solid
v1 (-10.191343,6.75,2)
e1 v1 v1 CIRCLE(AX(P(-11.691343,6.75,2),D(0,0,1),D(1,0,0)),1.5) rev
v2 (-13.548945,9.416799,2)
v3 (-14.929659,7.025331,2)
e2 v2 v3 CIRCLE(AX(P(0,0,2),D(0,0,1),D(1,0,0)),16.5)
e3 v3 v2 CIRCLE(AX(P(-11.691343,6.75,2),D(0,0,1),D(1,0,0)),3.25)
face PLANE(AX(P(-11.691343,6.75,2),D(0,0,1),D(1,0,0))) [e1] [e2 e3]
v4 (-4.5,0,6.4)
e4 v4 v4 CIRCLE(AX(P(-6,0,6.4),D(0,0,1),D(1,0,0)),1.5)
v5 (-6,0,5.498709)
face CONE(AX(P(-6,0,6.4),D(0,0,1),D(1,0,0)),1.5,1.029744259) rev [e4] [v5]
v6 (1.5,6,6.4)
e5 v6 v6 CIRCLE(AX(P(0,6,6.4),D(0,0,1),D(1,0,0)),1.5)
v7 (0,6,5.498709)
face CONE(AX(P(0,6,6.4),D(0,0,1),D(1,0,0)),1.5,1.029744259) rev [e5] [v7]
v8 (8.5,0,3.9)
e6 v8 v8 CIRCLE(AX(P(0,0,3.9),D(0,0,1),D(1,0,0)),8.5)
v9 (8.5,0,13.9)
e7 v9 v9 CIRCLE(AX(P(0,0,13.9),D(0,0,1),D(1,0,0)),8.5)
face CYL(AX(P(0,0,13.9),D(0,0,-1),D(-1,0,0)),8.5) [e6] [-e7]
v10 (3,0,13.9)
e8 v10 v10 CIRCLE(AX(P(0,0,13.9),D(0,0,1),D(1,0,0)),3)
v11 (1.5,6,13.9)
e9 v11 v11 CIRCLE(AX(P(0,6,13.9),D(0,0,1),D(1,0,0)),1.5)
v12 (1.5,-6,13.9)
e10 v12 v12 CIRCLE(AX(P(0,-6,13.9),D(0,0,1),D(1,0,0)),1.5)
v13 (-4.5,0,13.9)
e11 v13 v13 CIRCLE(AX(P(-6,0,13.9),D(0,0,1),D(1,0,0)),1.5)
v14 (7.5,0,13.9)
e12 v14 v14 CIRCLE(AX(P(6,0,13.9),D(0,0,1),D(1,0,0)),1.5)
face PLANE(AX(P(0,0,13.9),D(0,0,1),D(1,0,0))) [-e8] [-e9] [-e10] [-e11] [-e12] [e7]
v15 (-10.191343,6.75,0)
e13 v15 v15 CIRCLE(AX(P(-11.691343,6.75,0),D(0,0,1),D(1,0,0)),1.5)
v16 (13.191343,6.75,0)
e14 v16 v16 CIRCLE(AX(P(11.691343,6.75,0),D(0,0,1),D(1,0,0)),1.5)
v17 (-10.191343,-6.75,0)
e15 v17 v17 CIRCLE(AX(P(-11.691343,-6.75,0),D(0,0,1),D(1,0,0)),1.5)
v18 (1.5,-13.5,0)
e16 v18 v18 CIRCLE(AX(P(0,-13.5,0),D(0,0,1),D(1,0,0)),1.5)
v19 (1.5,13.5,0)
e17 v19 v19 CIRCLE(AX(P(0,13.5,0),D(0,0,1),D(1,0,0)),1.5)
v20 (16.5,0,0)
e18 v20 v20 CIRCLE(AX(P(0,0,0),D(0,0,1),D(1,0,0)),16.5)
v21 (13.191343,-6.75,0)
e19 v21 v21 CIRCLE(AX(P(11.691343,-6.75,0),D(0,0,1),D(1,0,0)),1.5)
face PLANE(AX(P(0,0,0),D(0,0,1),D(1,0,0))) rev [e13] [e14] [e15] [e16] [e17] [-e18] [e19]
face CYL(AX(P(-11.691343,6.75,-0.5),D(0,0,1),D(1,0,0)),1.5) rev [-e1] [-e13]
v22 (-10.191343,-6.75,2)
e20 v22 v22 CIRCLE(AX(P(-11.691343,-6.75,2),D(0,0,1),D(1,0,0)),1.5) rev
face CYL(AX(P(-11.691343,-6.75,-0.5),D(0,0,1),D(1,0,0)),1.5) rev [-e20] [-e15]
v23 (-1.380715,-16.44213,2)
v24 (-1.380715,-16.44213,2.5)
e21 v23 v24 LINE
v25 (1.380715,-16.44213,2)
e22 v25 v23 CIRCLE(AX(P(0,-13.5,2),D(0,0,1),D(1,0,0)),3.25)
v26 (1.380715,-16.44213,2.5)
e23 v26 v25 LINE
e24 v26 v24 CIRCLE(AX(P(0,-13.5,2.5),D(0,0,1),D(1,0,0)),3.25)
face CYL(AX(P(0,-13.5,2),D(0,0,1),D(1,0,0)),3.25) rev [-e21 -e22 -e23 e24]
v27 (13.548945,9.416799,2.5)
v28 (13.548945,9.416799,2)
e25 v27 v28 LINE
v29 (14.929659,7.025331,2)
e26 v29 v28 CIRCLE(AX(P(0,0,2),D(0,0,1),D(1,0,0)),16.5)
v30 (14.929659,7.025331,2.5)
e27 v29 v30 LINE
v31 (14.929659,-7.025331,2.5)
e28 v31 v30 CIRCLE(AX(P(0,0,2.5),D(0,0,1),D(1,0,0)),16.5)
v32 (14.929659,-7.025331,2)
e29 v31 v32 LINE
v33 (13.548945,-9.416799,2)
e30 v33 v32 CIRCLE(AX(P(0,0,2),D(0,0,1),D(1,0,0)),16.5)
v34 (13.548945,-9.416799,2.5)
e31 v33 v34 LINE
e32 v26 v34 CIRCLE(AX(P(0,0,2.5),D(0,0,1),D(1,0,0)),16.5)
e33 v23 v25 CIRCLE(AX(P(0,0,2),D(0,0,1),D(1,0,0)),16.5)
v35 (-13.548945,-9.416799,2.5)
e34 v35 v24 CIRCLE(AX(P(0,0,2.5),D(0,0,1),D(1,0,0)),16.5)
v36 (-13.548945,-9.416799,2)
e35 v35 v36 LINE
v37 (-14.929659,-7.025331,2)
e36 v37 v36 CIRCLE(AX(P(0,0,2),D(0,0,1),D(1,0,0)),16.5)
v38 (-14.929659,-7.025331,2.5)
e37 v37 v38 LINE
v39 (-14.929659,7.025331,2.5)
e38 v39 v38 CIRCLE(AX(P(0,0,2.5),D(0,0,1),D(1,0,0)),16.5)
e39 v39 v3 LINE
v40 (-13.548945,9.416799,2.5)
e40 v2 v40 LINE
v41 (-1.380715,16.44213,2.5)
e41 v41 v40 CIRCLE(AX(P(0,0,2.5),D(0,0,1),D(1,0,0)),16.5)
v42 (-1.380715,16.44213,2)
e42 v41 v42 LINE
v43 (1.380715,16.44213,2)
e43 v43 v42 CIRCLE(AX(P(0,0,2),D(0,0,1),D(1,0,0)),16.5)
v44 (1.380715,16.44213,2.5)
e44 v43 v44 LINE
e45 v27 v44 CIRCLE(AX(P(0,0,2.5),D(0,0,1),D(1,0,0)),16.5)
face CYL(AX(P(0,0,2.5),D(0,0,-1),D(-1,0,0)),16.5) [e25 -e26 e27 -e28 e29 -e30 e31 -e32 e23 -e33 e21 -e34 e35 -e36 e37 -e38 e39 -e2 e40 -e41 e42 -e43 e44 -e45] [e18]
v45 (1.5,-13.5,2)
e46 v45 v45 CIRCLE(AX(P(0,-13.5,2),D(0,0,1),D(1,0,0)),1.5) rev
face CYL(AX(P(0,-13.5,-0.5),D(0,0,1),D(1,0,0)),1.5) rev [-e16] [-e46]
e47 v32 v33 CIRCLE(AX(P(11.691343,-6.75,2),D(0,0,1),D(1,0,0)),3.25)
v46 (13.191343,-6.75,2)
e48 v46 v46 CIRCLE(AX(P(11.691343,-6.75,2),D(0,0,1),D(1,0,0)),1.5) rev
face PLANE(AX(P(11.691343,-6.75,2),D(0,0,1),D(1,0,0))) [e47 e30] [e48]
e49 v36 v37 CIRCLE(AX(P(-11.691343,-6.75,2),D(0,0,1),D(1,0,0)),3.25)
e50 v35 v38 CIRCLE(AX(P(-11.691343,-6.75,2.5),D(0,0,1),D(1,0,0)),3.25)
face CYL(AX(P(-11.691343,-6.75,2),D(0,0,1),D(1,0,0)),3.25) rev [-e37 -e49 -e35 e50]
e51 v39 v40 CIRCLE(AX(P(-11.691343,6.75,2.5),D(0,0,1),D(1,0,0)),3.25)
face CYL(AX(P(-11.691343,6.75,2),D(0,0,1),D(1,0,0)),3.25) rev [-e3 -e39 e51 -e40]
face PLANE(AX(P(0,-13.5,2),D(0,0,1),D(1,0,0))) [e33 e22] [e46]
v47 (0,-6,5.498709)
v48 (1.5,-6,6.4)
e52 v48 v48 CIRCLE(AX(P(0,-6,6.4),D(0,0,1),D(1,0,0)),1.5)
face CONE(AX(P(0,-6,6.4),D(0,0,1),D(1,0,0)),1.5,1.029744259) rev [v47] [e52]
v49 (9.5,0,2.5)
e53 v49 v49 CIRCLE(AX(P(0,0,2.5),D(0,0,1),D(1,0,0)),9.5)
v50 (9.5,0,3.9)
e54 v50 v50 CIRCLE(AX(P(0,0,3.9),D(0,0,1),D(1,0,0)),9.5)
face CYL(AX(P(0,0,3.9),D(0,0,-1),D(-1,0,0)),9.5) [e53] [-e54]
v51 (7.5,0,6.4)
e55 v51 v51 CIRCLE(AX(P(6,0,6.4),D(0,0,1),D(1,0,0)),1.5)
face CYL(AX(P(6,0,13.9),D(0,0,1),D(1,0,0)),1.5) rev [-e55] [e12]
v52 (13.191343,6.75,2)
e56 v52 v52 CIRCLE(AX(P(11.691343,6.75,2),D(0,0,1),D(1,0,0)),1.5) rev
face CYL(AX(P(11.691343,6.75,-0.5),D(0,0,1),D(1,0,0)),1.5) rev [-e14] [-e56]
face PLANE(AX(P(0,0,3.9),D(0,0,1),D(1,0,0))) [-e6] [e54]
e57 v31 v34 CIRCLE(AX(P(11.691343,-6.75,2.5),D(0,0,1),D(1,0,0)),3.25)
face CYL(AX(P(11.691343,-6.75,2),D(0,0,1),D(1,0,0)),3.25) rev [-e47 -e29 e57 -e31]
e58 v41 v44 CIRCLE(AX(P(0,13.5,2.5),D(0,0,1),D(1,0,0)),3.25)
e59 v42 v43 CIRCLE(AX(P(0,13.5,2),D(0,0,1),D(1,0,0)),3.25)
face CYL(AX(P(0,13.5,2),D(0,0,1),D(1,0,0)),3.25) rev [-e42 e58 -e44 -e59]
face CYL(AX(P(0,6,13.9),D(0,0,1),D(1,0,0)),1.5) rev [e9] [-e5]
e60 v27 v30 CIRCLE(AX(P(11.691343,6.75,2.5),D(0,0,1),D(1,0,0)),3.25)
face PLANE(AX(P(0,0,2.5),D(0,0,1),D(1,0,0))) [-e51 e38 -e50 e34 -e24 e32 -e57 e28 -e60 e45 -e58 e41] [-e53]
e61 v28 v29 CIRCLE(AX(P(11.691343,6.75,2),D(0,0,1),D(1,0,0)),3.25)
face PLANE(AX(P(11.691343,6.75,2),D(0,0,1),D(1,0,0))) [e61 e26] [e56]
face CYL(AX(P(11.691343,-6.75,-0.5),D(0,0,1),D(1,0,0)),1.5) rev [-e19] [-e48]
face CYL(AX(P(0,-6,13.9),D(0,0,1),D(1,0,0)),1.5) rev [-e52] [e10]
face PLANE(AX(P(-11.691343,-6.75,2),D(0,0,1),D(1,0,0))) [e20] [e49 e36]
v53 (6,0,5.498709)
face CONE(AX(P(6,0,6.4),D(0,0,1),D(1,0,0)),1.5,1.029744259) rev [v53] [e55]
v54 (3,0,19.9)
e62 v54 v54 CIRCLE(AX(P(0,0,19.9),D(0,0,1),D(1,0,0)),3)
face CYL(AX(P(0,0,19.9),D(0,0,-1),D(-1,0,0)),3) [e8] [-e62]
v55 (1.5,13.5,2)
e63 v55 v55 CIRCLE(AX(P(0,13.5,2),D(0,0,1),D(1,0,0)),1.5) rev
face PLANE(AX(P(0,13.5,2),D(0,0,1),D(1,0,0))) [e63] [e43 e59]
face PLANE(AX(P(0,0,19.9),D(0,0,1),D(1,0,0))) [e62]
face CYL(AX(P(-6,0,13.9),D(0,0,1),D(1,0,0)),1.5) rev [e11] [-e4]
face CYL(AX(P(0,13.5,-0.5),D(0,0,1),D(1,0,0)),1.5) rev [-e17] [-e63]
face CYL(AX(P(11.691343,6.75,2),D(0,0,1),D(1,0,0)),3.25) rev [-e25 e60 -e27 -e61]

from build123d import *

# Parameters (mm, degrees)
SKETCH_1_R               = 16.5
EXTRUDE_1_DEPTH          = 2.5
SKETCH_2_R               = 9.5
EXTRUDE_2_DEPTH          = 1.4
SKETCH_3_R               = 1.5
CUT_EXTRUDE_1_DEPTH      = 3
SKETCH_4_R               = 8.5
EXTRUDE_3_DEPTH          = 10
PATTERN_CIRCULAR_1_COUNT = 4
SKETCH_8_R               = 3
EXTRUDE_4_DEPTH          = 6
SKETCH_9_R               = 3.25
CUT_EXTRUDE_2_DEPTH      = 0.5


with BuildPart() as part:
    # 草图1 → 凸台-拉伸1 (new body)
    with BuildSketch(Plane.XY):
        Circle(SKETCH_1_R)
    extrude(amount=EXTRUDE_1_DEPTH)

    # 草图2 → 凸台-拉伸2 (add)
    with BuildSketch(Plane.XY.offset(2.5)):
        Circle(SKETCH_2_R)
    extrude(amount=EXTRUDE_2_DEPTH)

    # 草图3 → 切除-拉伸1 (cut)
    with BuildSketch(Plane.XY.offset(2.5)):
        with Locations((0, 13.5)):
            Circle(SKETCH_3_R)
        with Locations((11.691342951, 6.75)):
            Circle(SKETCH_3_R)
        with Locations((11.691342951, -6.75)):
            Circle(SKETCH_3_R)
        with Locations((0, -13.5)):
            Circle(SKETCH_3_R)
        with Locations((-11.691342951, -6.75)):
            Circle(SKETCH_3_R)
        with Locations((-11.691342951, 6.75)):
            Circle(SKETCH_3_R)
    extrude(amount=-CUT_EXTRUDE_1_DEPTH, mode=Mode.SUBTRACT)

    # 草图4 → 凸台-拉伸3 (add)
    with BuildSketch(Plane.XY.offset(3.9)):
        Circle(SKETCH_4_R)
    extrude(amount=EXTRUDE_3_DEPTH)

    # 草图7 → M3 螺纹孔1 (revolve, cut)
    with BuildSketch(Plane(origin=(0, 6, 13.9), x_dir=(0, -1, 0), z_dir=(1, 0, 0))):
        Polygon((0, 0), (0, 8.401290929), (1.5, 7.5), (1.5, 0), align=None)
    hole_wizard_m3_1 = revolve(axis=Axis((0, 6, 20.25), (0, 0, -1)), mode=Mode.SUBTRACT)

    # 阵列(圆周)1: M3 螺纹孔1 ×4 about axis
    pattern_circular_1_axis = Axis((0, 0, 0), (0, 0, 1))
    for i in range(1, PATTERN_CIRCULAR_1_COUNT):
        add(hole_wizard_m3_1.rotate(pattern_circular_1_axis, i * 360 / PATTERN_CIRCULAR_1_COUNT), mode=Mode.SUBTRACT)

    # 草图8 → 凸台-拉伸4 (add)
    with BuildSketch(Plane.XY.offset(13.9)):
        Circle(SKETCH_8_R)
    extrude(amount=EXTRUDE_4_DEPTH)

    # 草图9 → 切除-拉伸2 (cut)
    with BuildSketch(Plane.XY.offset(2.5)):
        with Locations((0, 13.5)):
            Circle(SKETCH_9_R)
        with Locations((11.691342951, 6.75)):
            Circle(SKETCH_9_R)
        with Locations((11.691342951, -6.75)):
            Circle(SKETCH_9_R)
        with Locations((0, -13.5)):
            Circle(SKETCH_9_R)
        with Locations((-11.691342951, -6.75)):
            Circle(SKETCH_9_R)
        with Locations((-11.691342951, 6.75)):
            Circle(SKETCH_9_R)
    extrude(amount=-CUT_EXTRUDE_2_DEPTH, mode=Mode.SUBTRACT)


solid = part.part
